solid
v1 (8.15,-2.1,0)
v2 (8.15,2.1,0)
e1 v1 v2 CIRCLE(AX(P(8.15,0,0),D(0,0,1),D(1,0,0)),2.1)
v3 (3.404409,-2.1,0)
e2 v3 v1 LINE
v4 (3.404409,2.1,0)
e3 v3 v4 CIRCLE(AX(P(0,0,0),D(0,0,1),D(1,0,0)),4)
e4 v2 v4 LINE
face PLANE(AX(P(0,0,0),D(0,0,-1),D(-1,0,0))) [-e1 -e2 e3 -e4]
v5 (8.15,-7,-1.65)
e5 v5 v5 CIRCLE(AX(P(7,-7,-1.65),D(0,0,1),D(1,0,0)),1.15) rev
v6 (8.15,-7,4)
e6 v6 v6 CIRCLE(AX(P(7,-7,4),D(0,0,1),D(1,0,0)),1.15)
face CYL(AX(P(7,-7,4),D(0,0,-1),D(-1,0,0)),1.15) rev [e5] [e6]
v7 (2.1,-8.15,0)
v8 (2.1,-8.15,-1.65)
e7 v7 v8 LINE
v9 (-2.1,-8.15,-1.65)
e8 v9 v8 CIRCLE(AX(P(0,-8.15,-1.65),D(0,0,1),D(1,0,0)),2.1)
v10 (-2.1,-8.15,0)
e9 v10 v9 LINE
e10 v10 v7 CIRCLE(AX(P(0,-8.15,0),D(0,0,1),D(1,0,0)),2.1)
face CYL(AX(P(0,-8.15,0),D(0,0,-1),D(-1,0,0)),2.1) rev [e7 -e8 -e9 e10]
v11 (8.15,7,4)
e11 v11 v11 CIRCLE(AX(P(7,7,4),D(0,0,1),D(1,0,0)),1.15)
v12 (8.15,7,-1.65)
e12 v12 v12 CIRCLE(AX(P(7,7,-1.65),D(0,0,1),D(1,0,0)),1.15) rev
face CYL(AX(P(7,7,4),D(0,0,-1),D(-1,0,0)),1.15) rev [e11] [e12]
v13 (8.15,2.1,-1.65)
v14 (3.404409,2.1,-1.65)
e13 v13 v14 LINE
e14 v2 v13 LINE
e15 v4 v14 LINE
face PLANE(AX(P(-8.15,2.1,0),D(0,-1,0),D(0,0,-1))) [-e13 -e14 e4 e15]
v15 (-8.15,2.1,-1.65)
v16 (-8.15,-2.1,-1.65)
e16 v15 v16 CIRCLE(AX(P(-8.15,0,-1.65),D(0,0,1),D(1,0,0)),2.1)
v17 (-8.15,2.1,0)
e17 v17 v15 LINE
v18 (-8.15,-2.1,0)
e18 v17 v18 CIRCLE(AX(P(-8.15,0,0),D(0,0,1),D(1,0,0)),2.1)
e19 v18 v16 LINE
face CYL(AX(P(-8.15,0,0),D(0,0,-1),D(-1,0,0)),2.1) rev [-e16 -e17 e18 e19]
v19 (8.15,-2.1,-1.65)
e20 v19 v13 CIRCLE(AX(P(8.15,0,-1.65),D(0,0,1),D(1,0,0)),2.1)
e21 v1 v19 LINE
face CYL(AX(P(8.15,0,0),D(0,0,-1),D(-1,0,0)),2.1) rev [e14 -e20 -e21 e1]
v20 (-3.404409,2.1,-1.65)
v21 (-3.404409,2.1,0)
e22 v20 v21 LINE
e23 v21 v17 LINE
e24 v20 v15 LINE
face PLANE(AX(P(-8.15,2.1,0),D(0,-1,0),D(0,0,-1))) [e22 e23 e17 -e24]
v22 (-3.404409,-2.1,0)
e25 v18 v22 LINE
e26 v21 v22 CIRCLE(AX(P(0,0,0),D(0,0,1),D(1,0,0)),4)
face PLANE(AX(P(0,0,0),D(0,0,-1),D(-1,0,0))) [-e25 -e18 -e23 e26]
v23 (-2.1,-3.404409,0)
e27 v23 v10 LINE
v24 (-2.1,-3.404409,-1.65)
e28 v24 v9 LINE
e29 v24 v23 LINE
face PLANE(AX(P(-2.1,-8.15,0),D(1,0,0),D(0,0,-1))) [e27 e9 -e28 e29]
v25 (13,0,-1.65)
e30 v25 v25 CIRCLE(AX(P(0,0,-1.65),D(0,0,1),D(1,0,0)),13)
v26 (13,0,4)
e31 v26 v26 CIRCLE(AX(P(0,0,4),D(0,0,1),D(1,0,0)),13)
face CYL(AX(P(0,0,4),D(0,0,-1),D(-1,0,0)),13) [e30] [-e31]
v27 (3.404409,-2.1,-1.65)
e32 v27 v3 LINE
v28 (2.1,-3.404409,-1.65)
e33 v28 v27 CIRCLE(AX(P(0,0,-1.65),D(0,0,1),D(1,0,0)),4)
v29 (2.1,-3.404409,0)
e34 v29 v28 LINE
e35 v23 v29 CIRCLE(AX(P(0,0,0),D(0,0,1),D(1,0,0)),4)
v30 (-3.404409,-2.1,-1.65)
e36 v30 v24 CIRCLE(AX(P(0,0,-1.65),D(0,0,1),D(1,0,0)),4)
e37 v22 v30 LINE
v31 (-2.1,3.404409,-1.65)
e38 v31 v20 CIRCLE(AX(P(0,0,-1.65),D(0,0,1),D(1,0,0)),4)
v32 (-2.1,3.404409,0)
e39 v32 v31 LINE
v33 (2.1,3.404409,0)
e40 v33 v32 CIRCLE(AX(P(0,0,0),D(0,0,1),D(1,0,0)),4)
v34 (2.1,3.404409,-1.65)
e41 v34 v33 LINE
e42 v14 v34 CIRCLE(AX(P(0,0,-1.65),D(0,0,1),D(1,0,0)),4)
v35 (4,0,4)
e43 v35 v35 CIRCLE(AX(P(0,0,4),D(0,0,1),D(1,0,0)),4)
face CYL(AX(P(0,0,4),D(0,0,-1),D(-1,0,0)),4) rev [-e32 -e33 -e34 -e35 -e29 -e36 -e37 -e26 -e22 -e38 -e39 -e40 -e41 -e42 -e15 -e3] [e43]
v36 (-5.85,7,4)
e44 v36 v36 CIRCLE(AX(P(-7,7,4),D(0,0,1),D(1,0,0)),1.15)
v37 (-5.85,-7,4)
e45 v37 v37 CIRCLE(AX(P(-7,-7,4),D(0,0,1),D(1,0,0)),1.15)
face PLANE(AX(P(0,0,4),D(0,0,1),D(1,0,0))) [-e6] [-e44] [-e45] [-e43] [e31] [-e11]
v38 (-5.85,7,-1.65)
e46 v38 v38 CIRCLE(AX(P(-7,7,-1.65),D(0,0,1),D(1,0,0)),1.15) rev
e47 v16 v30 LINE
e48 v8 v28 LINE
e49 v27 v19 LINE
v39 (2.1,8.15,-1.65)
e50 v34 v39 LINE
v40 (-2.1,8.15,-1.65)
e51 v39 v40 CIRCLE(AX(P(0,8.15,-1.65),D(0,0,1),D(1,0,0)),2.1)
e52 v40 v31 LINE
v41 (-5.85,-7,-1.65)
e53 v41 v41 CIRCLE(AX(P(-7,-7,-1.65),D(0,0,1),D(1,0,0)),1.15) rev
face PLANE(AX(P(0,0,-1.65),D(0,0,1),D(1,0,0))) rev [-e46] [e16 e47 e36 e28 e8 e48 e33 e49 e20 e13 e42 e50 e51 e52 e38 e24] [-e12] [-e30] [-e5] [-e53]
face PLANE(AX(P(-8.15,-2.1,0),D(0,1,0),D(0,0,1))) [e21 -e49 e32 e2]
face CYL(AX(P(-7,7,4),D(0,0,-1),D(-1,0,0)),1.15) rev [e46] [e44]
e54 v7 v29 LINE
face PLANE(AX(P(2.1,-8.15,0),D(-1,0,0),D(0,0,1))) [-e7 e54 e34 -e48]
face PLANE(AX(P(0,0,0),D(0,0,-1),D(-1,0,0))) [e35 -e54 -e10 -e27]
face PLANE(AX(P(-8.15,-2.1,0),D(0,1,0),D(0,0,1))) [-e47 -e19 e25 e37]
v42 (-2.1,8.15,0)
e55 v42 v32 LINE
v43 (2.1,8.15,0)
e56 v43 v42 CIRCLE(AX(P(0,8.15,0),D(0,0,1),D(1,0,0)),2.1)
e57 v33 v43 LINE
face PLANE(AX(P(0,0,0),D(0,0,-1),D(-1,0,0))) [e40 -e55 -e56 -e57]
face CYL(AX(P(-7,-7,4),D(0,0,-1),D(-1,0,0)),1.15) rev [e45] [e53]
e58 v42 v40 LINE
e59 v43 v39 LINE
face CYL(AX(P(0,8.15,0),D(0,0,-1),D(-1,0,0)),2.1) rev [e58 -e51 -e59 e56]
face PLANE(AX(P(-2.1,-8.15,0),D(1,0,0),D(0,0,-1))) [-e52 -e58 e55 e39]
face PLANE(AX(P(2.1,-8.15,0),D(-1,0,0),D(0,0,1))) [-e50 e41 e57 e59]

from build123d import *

# Parameters (mm, degrees)
TRIAL_LOAD_PLATE_PROFILE_R           = 13
TRIAL_LOAD_PLATE_PROFILE_R_2         = 4
TRIAL_LOAD_PLATE_DEPTH               = 4
CAPTURED_HORN_KEY_BOSS_START         = -1.65
CAPTURED_HORN_KEY_BOSS_PROFILE_R     = 13
CAPTURED_HORN_KEY_BOSS_DEPTH         = 1.65
KEY_POCKET_HUB_START                 = -1.65
STOCK_HORN_POCKET_HUB_R              = 3.55
KEY_POCKET_HUB_DEPTH                 = 1.65
KEY_POCKET_HORIZONTAL_START          = -1.65
STOCK_HORN_POCKET_HORIZONTAL_W       = 16.3
STOCK_HORN_POCKET_HORIZONTAL_H       = 4.2
KEY_POCKET_HORIZONTAL_DEPTH          = 1.65
KEY_POCKET_VERTICAL_START            = -1.65
STOCK_HORN_POCKET_VERTICAL_W         = 4.2
STOCK_HORN_POCKET_VERTICAL_H         = 16.3
KEY_POCKET_VERTICAL_DEPTH            = 1.65
KEY_POCKET_ROUNDED_TIPS_START        = -1.65
STOCK_HORN_POCKET_ROUNDED_TIPS_R     = 2.1
KEY_POCKET_ROUNDED_TIPS_DEPTH        = 1.65
UNMODIFIED_HORN_CAPTURE_M2_START     = -50
UNMODIFIED_HORN_CAPTURE_M2_PROFILE_R = 1.15
UNMODIFIED_HORN_CAPTURE_M2_DEPTH     = 69.814887722
HUB_CLEARANCE_IN_KEY_BOSS_ONLY_START = -1.65
HORN_CENTER_HUB_CLEARANCE_R          = 4
HUB_CLEARANCE_IN_KEY_BOSS_ONLY_DEPTH = 1.65


with BuildPart() as part:
    # Trial_load_plate_profile → Trial_load_plate (new body)
    with BuildSketch(Plane.XY):
        Circle(TRIAL_LOAD_PLATE_PROFILE_R)
        Circle(TRIAL_LOAD_PLATE_PROFILE_R_2, mode=Mode.SUBTRACT)
    extrude(amount=TRIAL_LOAD_PLATE_DEPTH)

    # Captured_horn_key_boss_profile → Captured_horn_key_boss (add)
    with BuildSketch(Plane.XY.offset(CAPTURED_HORN_KEY_BOSS_START)):
        Circle(CAPTURED_HORN_KEY_BOSS_PROFILE_R)
    extrude(amount=CAPTURED_HORN_KEY_BOSS_DEPTH)

    # Stock_horn_pocket_Hub → Key_pocket_Hub (cut)
    with BuildSketch(Plane.XY.offset(KEY_POCKET_HUB_START)):
        Circle(STOCK_HORN_POCKET_HUB_R)
    extrude(amount=KEY_POCKET_HUB_DEPTH, mode=Mode.SUBTRACT)

    # Stock_horn_pocket_Horizontal → Key_pocket_Horizontal (cut)
    with BuildSketch(Plane.XY.offset(KEY_POCKET_HORIZONTAL_START)):
        Rectangle(STOCK_HORN_POCKET_HORIZONTAL_W, STOCK_HORN_POCKET_HORIZONTAL_H)
    extrude(amount=KEY_POCKET_HORIZONTAL_DEPTH, mode=Mode.SUBTRACT)

    # Stock_horn_pocket_Vertical → Key_pocket_Vertical (cut)
    with BuildSketch(Plane.XY.offset(KEY_POCKET_VERTICAL_START)):
        Rectangle(STOCK_HORN_POCKET_VERTICAL_W, STOCK_HORN_POCKET_VERTICAL_H)
    extrude(amount=KEY_POCKET_VERTICAL_DEPTH, mode=Mode.SUBTRACT)

    # Stock_horn_pocket_Rounded_tips → Key_pocket_Rounded_tips (cut)
    with BuildSketch(Plane.XY.offset(KEY_POCKET_ROUNDED_TIPS_START)):
        with Locations((8.15, 0)):
            Circle(STOCK_HORN_POCKET_ROUNDED_TIPS_R)
        with Locations((-8.15, 0)):
            Circle(STOCK_HORN_POCKET_ROUNDED_TIPS_R)
        with Locations((0, 8.15)):
            Circle(STOCK_HORN_POCKET_ROUNDED_TIPS_R)
        with Locations((0, -8.15)):
            Circle(STOCK_HORN_POCKET_ROUNDED_TIPS_R)
    extrude(amount=KEY_POCKET_ROUNDED_TIPS_DEPTH, mode=Mode.SUBTRACT)

    # Unmodified_horn_capture_M2_profile → Unmodified_horn_capture_M2 (cut, through all)
    with BuildSketch(Plane.XY.offset(UNMODIFIED_HORN_CAPTURE_M2_START)):
        with Locations((7, 7)):
            Circle(UNMODIFIED_HORN_CAPTURE_M2_PROFILE_R)
        with Locations((-7, 7)):
            Circle(UNMODIFIED_HORN_CAPTURE_M2_PROFILE_R)
        with Locations((-7, -7)):
            Circle(UNMODIFIED_HORN_CAPTURE_M2_PROFILE_R)
        with Locations((7, -7)):
            Circle(UNMODIFIED_HORN_CAPTURE_M2_PROFILE_R)
    extrude(amount=UNMODIFIED_HORN_CAPTURE_M2_DEPTH, mode=Mode.SUBTRACT)

    # Horn_center_hub_clearance → Hub_clearance_in_key_boss_only (cut)
    with BuildSketch(Plane.XY.offset(HUB_CLEARANCE_IN_KEY_BOSS_ONLY_START)):
        with Locations(Location((0, 0, 0), (0, 0, 148.331756746))):
            Circle(HORN_CENTER_HUB_CLEARANCE_R)
    extrude(amount=HUB_CLEARANCE_IN_KEY_BOSS_ONLY_DEPTH, mode=Mode.SUBTRACT)


solid = part.part
